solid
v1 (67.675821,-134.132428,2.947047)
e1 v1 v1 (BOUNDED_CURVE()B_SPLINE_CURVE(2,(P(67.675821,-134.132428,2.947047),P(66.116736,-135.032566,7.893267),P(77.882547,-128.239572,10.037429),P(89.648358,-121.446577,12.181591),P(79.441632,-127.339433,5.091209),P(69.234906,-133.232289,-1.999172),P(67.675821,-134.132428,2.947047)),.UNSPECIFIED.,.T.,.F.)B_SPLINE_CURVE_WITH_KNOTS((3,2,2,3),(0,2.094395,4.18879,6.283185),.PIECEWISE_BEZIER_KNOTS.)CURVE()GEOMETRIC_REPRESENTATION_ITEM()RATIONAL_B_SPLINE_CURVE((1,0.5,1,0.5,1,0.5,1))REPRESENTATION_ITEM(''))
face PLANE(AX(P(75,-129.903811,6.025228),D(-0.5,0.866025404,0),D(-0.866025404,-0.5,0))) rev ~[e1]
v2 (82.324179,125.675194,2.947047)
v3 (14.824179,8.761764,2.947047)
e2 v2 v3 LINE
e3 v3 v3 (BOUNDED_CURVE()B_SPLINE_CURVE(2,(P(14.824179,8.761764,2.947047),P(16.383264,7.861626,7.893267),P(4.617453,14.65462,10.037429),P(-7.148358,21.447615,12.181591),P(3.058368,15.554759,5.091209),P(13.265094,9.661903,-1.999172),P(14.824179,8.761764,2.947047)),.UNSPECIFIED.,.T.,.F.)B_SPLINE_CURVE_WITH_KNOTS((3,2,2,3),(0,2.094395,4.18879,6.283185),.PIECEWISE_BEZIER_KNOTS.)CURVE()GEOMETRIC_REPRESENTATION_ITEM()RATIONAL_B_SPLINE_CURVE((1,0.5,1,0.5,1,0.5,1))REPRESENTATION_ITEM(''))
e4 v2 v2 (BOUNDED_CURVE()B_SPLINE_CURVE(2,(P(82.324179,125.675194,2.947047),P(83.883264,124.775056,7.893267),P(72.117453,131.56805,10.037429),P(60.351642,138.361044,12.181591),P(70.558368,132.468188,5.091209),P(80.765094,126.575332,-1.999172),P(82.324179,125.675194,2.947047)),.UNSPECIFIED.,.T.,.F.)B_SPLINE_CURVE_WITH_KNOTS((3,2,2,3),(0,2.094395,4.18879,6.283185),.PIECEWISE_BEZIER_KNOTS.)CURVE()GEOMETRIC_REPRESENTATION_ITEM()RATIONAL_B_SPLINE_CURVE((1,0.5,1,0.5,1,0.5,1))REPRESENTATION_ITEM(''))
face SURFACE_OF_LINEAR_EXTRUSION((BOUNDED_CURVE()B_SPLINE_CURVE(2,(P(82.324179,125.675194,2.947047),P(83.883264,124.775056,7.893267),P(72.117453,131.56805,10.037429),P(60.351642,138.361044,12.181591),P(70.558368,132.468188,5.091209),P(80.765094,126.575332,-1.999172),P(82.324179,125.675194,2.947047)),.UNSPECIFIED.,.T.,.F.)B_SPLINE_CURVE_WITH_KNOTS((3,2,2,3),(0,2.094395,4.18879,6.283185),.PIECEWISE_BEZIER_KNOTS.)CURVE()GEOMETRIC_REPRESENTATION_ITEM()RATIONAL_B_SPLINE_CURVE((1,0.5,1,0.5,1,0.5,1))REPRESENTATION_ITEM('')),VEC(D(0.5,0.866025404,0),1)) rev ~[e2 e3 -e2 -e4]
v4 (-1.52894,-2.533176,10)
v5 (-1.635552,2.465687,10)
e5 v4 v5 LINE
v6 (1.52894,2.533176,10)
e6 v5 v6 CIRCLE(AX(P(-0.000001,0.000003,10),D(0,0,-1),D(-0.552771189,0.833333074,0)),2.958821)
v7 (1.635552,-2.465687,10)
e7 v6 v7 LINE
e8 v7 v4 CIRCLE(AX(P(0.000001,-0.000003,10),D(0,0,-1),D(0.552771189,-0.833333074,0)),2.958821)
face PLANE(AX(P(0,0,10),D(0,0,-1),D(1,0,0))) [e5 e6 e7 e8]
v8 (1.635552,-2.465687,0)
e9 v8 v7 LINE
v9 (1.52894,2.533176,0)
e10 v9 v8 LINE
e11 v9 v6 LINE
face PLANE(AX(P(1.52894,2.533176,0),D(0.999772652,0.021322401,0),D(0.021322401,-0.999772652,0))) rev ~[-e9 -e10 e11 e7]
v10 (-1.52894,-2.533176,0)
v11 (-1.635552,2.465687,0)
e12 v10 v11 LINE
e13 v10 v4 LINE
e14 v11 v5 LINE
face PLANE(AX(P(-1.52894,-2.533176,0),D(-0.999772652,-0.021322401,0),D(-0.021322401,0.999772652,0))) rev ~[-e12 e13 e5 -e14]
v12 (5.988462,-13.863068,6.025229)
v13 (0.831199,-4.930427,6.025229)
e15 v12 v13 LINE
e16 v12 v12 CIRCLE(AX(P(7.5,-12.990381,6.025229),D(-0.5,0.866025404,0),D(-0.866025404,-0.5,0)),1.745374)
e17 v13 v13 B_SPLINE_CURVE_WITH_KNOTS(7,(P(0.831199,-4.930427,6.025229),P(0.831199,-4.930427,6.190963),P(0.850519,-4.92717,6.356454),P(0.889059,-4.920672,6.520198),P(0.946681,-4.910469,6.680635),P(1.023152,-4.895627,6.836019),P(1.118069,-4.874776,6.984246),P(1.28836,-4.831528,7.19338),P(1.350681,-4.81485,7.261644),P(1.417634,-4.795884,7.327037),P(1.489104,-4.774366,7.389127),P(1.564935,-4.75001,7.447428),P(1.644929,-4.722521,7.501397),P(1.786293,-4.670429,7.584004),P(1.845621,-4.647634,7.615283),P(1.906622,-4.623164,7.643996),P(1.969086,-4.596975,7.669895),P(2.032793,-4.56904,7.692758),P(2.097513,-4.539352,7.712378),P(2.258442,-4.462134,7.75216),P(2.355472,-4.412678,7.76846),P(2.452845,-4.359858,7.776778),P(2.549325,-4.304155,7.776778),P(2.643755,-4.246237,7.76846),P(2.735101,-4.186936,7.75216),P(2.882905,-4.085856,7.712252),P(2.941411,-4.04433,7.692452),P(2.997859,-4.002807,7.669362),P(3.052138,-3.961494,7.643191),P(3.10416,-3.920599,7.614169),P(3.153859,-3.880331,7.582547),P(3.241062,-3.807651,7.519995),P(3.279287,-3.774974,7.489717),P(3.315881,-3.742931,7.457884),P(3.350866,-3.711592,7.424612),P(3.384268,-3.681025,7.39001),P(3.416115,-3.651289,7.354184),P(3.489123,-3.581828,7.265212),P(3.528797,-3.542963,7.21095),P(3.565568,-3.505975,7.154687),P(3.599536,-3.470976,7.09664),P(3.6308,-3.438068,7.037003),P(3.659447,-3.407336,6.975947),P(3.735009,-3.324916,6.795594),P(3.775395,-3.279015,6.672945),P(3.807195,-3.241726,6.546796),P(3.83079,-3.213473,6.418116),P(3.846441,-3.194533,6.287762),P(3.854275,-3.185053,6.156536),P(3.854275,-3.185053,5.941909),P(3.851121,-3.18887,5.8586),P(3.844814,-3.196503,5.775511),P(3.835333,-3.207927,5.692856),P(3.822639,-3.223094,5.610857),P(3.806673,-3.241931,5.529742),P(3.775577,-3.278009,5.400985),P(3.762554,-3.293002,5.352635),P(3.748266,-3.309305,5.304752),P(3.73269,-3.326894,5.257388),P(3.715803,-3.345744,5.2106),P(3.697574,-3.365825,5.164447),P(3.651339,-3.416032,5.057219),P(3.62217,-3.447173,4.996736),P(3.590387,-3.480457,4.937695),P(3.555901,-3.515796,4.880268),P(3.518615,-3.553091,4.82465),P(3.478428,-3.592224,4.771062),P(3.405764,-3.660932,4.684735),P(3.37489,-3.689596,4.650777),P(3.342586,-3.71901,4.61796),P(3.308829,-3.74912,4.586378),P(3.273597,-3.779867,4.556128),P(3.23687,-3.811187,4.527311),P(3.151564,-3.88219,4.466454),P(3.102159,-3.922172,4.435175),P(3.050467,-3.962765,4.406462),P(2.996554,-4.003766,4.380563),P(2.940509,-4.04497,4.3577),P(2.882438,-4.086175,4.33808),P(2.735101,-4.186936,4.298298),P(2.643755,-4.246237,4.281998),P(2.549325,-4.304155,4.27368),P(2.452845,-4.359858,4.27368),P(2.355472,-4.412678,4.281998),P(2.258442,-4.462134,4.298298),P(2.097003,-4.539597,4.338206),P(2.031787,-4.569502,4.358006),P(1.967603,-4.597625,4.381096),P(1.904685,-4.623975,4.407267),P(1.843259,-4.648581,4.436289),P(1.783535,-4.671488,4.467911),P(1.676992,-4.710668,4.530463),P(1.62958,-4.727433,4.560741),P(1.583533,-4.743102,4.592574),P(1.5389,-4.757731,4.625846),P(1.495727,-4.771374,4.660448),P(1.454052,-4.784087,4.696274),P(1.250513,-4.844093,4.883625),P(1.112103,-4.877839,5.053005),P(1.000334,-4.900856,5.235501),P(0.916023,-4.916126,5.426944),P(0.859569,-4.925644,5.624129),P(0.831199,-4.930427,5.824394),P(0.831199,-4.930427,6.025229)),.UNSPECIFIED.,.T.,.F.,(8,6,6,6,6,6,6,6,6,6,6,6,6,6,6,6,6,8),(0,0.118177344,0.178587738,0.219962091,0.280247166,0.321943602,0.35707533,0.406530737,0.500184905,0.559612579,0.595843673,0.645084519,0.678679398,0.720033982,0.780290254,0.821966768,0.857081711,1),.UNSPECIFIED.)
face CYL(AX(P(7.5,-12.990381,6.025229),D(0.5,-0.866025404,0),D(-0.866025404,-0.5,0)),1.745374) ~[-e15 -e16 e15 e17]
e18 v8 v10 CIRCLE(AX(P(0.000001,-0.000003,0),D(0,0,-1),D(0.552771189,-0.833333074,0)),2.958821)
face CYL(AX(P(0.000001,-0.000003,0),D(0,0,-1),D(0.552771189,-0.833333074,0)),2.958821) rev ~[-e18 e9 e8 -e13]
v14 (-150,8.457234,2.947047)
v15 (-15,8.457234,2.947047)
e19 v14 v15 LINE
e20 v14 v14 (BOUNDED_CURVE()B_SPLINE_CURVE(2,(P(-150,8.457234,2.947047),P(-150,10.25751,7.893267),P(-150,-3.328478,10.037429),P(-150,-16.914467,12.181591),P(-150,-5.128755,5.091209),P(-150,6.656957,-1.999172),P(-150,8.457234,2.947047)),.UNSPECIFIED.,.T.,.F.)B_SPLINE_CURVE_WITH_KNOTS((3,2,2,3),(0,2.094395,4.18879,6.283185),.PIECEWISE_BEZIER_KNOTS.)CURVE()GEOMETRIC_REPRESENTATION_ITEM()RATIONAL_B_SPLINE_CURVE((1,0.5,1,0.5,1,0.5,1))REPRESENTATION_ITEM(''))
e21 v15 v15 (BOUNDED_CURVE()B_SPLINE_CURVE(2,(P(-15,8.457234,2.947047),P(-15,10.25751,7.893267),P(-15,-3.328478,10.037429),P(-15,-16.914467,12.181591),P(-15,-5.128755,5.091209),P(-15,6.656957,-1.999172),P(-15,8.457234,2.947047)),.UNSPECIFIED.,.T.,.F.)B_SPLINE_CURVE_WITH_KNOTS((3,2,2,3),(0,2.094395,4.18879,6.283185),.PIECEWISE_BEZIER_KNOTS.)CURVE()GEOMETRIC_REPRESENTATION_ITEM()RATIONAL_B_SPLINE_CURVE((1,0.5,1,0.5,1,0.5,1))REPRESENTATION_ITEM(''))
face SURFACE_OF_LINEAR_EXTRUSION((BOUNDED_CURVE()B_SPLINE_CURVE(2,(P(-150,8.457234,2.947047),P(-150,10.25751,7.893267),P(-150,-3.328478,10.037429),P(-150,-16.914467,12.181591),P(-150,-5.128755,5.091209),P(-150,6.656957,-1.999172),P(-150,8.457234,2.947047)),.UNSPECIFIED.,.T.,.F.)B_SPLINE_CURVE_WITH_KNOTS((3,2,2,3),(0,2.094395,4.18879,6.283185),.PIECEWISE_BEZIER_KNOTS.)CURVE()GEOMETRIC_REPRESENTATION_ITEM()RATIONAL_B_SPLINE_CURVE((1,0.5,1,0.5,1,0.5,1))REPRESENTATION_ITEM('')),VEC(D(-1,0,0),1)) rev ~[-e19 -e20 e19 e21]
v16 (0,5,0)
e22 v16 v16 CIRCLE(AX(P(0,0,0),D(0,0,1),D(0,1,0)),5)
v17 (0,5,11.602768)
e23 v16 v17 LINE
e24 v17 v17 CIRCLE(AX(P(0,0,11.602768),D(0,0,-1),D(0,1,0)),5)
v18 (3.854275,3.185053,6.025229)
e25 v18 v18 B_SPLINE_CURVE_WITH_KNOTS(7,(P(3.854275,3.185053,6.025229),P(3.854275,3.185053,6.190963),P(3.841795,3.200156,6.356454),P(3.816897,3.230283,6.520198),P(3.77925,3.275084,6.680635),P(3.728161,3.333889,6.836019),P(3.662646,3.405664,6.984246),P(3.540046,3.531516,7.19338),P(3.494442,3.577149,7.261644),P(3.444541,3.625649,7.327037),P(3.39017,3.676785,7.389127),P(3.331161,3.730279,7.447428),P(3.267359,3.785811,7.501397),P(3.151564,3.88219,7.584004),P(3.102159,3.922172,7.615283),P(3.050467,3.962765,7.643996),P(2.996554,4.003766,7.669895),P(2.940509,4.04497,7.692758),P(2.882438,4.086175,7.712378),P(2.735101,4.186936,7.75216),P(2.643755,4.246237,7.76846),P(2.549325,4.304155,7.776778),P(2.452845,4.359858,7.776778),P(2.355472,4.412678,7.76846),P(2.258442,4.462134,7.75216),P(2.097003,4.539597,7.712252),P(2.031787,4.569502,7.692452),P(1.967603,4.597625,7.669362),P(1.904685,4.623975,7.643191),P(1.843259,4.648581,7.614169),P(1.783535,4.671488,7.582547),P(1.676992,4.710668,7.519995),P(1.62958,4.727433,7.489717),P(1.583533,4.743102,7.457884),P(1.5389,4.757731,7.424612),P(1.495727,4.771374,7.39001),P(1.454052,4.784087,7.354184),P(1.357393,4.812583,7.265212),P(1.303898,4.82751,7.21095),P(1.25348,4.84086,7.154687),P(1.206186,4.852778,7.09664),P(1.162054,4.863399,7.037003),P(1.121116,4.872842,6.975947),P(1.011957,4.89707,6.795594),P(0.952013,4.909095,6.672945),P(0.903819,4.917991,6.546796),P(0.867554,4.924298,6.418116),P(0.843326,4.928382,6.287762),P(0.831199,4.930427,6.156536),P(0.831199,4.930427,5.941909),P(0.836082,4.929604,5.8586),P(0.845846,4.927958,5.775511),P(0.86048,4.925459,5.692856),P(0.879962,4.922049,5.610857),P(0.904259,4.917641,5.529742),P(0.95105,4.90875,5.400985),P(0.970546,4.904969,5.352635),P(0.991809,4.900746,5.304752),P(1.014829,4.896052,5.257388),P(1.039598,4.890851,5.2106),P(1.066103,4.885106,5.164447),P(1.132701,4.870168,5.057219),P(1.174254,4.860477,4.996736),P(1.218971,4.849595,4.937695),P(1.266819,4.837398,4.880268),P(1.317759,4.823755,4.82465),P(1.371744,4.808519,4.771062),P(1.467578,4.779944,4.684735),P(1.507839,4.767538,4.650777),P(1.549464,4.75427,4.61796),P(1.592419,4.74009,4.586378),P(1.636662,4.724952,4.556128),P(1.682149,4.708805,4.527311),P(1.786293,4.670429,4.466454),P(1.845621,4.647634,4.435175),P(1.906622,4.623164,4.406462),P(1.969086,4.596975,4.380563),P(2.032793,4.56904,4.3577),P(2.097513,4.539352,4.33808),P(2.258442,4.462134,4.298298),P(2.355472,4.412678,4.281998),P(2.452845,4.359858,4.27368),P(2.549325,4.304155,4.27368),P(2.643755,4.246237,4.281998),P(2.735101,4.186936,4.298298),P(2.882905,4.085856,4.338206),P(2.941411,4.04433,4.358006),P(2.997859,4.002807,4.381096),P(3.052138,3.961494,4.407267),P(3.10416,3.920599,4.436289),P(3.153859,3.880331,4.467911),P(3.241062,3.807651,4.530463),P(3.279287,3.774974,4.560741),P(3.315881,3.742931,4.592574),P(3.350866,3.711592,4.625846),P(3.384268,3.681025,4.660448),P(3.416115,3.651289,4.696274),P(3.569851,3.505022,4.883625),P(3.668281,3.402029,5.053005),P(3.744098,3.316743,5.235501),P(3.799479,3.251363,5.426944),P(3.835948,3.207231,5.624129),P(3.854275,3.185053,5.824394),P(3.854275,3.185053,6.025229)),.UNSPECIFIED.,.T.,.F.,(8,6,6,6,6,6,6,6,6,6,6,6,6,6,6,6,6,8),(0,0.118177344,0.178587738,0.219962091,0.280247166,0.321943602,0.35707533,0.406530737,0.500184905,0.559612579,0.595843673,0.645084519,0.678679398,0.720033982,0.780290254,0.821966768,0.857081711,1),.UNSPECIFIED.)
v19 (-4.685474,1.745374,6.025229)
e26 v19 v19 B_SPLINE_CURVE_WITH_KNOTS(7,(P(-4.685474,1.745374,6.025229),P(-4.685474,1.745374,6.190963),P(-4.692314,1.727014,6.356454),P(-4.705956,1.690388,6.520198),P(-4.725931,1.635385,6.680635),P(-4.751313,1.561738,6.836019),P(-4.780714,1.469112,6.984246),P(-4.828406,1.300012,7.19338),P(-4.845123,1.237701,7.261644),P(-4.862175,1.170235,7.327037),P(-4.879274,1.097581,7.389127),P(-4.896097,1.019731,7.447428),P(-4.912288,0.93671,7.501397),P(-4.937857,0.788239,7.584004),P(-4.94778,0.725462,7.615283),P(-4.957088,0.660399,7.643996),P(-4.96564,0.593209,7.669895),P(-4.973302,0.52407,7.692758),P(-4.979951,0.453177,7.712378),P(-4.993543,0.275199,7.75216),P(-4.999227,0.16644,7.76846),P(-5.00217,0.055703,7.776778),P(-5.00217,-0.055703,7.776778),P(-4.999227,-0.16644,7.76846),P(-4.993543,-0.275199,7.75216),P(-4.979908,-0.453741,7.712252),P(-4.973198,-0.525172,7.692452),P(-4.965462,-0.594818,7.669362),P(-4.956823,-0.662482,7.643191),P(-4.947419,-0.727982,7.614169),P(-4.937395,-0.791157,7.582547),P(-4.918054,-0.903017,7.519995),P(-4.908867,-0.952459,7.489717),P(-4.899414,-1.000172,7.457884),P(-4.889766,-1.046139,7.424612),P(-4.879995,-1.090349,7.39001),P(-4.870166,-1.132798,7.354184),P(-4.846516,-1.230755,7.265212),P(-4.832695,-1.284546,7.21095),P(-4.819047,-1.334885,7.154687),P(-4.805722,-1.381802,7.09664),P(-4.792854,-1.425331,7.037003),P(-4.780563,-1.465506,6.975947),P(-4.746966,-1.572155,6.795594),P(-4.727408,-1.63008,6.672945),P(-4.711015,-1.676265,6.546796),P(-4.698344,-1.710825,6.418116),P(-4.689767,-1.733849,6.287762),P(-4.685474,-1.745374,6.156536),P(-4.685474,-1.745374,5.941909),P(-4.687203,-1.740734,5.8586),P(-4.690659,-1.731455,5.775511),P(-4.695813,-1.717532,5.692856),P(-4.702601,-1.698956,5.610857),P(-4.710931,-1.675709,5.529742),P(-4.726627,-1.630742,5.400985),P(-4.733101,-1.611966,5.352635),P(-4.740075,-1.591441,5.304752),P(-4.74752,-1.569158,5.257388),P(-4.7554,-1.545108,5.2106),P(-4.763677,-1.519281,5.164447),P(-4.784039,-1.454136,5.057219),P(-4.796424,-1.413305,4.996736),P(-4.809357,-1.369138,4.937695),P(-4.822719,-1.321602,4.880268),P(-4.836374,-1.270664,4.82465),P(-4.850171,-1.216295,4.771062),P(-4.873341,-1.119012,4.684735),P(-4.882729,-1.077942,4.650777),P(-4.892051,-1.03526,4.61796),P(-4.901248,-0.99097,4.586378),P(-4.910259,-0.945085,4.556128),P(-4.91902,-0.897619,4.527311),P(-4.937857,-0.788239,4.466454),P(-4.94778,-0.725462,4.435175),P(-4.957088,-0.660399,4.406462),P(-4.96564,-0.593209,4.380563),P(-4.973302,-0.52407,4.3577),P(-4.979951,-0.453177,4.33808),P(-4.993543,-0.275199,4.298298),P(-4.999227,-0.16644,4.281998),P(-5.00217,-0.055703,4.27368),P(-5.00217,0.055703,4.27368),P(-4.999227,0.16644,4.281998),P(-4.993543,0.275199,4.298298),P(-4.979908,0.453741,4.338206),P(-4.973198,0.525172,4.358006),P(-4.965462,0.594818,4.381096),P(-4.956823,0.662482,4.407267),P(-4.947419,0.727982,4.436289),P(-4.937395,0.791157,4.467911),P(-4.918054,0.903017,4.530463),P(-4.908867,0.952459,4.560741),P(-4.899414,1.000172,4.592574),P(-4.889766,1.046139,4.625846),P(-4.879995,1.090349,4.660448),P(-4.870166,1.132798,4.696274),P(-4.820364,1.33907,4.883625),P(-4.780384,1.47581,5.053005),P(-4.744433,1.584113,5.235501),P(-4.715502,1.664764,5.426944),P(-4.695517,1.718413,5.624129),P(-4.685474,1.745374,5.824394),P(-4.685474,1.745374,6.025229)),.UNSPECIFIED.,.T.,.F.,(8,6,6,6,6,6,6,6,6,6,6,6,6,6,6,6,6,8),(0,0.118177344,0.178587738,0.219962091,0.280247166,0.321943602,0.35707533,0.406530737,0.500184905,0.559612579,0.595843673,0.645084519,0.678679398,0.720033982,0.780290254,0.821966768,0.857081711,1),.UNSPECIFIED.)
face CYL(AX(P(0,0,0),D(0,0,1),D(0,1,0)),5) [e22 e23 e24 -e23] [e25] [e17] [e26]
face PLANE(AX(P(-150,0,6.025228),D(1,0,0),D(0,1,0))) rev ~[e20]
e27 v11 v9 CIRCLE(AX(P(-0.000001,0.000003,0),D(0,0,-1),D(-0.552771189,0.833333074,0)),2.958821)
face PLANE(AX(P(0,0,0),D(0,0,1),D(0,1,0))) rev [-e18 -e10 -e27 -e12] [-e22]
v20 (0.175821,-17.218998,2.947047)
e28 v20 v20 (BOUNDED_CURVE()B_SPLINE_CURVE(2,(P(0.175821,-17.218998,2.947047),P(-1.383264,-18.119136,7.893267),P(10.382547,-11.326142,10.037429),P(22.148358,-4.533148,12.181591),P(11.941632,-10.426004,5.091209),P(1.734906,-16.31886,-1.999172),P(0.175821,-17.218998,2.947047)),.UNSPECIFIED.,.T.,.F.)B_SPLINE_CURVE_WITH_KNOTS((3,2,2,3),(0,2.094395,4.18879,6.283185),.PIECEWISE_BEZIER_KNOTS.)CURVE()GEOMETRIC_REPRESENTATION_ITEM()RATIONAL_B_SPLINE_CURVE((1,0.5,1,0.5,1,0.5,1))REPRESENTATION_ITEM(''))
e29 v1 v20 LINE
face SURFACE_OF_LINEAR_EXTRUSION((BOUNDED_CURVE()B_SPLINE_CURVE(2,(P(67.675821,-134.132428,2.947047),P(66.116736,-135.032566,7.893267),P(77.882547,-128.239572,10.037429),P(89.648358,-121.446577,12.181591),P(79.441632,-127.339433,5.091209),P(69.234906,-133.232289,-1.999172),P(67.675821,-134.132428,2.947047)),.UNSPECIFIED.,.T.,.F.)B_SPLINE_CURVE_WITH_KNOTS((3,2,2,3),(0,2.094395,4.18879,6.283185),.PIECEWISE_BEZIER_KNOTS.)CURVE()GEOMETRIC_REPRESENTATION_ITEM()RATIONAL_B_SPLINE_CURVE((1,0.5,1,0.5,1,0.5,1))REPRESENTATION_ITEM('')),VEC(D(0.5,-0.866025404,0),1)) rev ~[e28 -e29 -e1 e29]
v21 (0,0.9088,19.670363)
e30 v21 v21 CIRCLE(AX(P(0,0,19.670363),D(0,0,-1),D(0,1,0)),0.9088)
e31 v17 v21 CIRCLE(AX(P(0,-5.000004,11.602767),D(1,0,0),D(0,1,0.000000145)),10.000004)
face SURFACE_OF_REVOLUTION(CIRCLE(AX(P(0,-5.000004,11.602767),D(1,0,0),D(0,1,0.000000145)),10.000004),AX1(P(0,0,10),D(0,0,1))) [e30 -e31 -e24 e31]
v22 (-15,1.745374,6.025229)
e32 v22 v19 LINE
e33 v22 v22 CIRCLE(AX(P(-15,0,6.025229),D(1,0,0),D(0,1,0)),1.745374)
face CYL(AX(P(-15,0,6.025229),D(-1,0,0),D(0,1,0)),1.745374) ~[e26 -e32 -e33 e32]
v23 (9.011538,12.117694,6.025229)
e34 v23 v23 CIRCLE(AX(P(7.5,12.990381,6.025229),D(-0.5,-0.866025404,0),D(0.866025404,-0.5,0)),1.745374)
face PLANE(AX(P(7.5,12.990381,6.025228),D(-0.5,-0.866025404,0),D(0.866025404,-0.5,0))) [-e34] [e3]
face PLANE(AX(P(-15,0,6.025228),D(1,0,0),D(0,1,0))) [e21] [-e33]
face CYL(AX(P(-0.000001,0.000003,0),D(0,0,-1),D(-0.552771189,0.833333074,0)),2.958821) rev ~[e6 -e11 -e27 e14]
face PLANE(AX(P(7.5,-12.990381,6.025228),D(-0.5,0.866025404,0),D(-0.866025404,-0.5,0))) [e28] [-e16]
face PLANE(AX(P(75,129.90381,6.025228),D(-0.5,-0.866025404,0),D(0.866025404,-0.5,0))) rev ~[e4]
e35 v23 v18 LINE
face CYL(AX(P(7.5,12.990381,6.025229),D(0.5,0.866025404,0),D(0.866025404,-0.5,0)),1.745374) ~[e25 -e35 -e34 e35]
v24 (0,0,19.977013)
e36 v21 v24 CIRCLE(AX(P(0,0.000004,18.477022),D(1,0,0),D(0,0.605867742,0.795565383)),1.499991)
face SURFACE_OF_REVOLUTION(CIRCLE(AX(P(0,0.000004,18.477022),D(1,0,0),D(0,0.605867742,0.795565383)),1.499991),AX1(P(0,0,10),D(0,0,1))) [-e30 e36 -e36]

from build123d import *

# Parameters (mm, degrees)
F4_DEPTH = 135
F5_R     = 1.745374
F6_DEPTH = 15
F7_COUNT = 3
F7_ANGLE = 240
F9_DEPTH = 10


with BuildPart() as f1:
    # F0 (on Right) → F1 (revolve)
    with BuildSketch(Plane.YZ):
        with BuildLine():
            Line((0, 19.977013), (0, 0))
            Line((0, 0), (5, 0))
            Line((5, 0), (5, 11.602768))
            ThreePointArc((5, 11.602768), (3.918744, 16.125599), (0.9088, 19.670363))
            ThreePointArc((0.9088, 19.670363), (0.479571, 19.898285), (0, 19.977013))
        make_face()
    revolve(axis=Axis((0, 0, 10), (0, 0, 1)))



with BuildPart() as f4:
    # F3 (on offset) → F4 (new body)
    with BuildSketch(Plane.YZ.offset(-150)):
        with BuildLine():
            add(Edge.make_bspline(
                [(8.457234, 2.947047), (10.25751, 7.893267), (-3.328478, 10.037429), (-16.914467, 12.181591), (-5.128755, 5.091209), (6.656957, -1.999172), (8.457234, 2.947047)],
                knots=[0, 0, 0, 2.094395, 2.094395, 4.18879, 4.18879, 6.283185, 6.283185, 6.283185], degree=2, weights=[1, 0.5, 1, 0.5, 1, 0.5, 1]))
        make_face()
    extrude(amount=F4_DEPTH)


with BuildPart() as f1_1:
    add(f1.part)

    add(f4.part)  # F6 merges F4
    # F5 (on face) → F6 (join)
    with BuildSketch(Plane.YZ.offset(-15)):
        with Locations((0, 6.025229)):
            Circle(F5_R)
    extrude(amount=F6_DEPTH)

    # F7: F1 ×3 about axis
    f7_axis = Axis((0, 0, 0), (0, 0, 1))


with BuildPart() as f1_2:
    add(f1_1.part)
    for i in range(1, F7_COUNT):
        add(f1_1.part.rotate(f7_axis, i * F7_ANGLE / (F7_COUNT - 1)))

    # F8 (on face) → F9 (cut)
    with BuildSketch(Plane(origin=(0, 0, 0), x_dir=(1, 0, 0), z_dir=(0, 0, -1))):
        with BuildLine():
            Line((-1.52894, 2.533176), (-1.635552, -2.465687))
            ThreePointArc((-1.635552, -2.465687), (-0.063089, -2.958152), (1.52894, -2.533176))
            Line((1.52894, -2.533176), (1.635552, 2.465687))
            ThreePointArc((1.635552, 2.465687), (0.063089, 2.958152), (-1.52894, 2.533176))
        make_face()
    extrude(amount=-F9_DEPTH, mode=Mode.SUBTRACT)


solid = f1_2.part
